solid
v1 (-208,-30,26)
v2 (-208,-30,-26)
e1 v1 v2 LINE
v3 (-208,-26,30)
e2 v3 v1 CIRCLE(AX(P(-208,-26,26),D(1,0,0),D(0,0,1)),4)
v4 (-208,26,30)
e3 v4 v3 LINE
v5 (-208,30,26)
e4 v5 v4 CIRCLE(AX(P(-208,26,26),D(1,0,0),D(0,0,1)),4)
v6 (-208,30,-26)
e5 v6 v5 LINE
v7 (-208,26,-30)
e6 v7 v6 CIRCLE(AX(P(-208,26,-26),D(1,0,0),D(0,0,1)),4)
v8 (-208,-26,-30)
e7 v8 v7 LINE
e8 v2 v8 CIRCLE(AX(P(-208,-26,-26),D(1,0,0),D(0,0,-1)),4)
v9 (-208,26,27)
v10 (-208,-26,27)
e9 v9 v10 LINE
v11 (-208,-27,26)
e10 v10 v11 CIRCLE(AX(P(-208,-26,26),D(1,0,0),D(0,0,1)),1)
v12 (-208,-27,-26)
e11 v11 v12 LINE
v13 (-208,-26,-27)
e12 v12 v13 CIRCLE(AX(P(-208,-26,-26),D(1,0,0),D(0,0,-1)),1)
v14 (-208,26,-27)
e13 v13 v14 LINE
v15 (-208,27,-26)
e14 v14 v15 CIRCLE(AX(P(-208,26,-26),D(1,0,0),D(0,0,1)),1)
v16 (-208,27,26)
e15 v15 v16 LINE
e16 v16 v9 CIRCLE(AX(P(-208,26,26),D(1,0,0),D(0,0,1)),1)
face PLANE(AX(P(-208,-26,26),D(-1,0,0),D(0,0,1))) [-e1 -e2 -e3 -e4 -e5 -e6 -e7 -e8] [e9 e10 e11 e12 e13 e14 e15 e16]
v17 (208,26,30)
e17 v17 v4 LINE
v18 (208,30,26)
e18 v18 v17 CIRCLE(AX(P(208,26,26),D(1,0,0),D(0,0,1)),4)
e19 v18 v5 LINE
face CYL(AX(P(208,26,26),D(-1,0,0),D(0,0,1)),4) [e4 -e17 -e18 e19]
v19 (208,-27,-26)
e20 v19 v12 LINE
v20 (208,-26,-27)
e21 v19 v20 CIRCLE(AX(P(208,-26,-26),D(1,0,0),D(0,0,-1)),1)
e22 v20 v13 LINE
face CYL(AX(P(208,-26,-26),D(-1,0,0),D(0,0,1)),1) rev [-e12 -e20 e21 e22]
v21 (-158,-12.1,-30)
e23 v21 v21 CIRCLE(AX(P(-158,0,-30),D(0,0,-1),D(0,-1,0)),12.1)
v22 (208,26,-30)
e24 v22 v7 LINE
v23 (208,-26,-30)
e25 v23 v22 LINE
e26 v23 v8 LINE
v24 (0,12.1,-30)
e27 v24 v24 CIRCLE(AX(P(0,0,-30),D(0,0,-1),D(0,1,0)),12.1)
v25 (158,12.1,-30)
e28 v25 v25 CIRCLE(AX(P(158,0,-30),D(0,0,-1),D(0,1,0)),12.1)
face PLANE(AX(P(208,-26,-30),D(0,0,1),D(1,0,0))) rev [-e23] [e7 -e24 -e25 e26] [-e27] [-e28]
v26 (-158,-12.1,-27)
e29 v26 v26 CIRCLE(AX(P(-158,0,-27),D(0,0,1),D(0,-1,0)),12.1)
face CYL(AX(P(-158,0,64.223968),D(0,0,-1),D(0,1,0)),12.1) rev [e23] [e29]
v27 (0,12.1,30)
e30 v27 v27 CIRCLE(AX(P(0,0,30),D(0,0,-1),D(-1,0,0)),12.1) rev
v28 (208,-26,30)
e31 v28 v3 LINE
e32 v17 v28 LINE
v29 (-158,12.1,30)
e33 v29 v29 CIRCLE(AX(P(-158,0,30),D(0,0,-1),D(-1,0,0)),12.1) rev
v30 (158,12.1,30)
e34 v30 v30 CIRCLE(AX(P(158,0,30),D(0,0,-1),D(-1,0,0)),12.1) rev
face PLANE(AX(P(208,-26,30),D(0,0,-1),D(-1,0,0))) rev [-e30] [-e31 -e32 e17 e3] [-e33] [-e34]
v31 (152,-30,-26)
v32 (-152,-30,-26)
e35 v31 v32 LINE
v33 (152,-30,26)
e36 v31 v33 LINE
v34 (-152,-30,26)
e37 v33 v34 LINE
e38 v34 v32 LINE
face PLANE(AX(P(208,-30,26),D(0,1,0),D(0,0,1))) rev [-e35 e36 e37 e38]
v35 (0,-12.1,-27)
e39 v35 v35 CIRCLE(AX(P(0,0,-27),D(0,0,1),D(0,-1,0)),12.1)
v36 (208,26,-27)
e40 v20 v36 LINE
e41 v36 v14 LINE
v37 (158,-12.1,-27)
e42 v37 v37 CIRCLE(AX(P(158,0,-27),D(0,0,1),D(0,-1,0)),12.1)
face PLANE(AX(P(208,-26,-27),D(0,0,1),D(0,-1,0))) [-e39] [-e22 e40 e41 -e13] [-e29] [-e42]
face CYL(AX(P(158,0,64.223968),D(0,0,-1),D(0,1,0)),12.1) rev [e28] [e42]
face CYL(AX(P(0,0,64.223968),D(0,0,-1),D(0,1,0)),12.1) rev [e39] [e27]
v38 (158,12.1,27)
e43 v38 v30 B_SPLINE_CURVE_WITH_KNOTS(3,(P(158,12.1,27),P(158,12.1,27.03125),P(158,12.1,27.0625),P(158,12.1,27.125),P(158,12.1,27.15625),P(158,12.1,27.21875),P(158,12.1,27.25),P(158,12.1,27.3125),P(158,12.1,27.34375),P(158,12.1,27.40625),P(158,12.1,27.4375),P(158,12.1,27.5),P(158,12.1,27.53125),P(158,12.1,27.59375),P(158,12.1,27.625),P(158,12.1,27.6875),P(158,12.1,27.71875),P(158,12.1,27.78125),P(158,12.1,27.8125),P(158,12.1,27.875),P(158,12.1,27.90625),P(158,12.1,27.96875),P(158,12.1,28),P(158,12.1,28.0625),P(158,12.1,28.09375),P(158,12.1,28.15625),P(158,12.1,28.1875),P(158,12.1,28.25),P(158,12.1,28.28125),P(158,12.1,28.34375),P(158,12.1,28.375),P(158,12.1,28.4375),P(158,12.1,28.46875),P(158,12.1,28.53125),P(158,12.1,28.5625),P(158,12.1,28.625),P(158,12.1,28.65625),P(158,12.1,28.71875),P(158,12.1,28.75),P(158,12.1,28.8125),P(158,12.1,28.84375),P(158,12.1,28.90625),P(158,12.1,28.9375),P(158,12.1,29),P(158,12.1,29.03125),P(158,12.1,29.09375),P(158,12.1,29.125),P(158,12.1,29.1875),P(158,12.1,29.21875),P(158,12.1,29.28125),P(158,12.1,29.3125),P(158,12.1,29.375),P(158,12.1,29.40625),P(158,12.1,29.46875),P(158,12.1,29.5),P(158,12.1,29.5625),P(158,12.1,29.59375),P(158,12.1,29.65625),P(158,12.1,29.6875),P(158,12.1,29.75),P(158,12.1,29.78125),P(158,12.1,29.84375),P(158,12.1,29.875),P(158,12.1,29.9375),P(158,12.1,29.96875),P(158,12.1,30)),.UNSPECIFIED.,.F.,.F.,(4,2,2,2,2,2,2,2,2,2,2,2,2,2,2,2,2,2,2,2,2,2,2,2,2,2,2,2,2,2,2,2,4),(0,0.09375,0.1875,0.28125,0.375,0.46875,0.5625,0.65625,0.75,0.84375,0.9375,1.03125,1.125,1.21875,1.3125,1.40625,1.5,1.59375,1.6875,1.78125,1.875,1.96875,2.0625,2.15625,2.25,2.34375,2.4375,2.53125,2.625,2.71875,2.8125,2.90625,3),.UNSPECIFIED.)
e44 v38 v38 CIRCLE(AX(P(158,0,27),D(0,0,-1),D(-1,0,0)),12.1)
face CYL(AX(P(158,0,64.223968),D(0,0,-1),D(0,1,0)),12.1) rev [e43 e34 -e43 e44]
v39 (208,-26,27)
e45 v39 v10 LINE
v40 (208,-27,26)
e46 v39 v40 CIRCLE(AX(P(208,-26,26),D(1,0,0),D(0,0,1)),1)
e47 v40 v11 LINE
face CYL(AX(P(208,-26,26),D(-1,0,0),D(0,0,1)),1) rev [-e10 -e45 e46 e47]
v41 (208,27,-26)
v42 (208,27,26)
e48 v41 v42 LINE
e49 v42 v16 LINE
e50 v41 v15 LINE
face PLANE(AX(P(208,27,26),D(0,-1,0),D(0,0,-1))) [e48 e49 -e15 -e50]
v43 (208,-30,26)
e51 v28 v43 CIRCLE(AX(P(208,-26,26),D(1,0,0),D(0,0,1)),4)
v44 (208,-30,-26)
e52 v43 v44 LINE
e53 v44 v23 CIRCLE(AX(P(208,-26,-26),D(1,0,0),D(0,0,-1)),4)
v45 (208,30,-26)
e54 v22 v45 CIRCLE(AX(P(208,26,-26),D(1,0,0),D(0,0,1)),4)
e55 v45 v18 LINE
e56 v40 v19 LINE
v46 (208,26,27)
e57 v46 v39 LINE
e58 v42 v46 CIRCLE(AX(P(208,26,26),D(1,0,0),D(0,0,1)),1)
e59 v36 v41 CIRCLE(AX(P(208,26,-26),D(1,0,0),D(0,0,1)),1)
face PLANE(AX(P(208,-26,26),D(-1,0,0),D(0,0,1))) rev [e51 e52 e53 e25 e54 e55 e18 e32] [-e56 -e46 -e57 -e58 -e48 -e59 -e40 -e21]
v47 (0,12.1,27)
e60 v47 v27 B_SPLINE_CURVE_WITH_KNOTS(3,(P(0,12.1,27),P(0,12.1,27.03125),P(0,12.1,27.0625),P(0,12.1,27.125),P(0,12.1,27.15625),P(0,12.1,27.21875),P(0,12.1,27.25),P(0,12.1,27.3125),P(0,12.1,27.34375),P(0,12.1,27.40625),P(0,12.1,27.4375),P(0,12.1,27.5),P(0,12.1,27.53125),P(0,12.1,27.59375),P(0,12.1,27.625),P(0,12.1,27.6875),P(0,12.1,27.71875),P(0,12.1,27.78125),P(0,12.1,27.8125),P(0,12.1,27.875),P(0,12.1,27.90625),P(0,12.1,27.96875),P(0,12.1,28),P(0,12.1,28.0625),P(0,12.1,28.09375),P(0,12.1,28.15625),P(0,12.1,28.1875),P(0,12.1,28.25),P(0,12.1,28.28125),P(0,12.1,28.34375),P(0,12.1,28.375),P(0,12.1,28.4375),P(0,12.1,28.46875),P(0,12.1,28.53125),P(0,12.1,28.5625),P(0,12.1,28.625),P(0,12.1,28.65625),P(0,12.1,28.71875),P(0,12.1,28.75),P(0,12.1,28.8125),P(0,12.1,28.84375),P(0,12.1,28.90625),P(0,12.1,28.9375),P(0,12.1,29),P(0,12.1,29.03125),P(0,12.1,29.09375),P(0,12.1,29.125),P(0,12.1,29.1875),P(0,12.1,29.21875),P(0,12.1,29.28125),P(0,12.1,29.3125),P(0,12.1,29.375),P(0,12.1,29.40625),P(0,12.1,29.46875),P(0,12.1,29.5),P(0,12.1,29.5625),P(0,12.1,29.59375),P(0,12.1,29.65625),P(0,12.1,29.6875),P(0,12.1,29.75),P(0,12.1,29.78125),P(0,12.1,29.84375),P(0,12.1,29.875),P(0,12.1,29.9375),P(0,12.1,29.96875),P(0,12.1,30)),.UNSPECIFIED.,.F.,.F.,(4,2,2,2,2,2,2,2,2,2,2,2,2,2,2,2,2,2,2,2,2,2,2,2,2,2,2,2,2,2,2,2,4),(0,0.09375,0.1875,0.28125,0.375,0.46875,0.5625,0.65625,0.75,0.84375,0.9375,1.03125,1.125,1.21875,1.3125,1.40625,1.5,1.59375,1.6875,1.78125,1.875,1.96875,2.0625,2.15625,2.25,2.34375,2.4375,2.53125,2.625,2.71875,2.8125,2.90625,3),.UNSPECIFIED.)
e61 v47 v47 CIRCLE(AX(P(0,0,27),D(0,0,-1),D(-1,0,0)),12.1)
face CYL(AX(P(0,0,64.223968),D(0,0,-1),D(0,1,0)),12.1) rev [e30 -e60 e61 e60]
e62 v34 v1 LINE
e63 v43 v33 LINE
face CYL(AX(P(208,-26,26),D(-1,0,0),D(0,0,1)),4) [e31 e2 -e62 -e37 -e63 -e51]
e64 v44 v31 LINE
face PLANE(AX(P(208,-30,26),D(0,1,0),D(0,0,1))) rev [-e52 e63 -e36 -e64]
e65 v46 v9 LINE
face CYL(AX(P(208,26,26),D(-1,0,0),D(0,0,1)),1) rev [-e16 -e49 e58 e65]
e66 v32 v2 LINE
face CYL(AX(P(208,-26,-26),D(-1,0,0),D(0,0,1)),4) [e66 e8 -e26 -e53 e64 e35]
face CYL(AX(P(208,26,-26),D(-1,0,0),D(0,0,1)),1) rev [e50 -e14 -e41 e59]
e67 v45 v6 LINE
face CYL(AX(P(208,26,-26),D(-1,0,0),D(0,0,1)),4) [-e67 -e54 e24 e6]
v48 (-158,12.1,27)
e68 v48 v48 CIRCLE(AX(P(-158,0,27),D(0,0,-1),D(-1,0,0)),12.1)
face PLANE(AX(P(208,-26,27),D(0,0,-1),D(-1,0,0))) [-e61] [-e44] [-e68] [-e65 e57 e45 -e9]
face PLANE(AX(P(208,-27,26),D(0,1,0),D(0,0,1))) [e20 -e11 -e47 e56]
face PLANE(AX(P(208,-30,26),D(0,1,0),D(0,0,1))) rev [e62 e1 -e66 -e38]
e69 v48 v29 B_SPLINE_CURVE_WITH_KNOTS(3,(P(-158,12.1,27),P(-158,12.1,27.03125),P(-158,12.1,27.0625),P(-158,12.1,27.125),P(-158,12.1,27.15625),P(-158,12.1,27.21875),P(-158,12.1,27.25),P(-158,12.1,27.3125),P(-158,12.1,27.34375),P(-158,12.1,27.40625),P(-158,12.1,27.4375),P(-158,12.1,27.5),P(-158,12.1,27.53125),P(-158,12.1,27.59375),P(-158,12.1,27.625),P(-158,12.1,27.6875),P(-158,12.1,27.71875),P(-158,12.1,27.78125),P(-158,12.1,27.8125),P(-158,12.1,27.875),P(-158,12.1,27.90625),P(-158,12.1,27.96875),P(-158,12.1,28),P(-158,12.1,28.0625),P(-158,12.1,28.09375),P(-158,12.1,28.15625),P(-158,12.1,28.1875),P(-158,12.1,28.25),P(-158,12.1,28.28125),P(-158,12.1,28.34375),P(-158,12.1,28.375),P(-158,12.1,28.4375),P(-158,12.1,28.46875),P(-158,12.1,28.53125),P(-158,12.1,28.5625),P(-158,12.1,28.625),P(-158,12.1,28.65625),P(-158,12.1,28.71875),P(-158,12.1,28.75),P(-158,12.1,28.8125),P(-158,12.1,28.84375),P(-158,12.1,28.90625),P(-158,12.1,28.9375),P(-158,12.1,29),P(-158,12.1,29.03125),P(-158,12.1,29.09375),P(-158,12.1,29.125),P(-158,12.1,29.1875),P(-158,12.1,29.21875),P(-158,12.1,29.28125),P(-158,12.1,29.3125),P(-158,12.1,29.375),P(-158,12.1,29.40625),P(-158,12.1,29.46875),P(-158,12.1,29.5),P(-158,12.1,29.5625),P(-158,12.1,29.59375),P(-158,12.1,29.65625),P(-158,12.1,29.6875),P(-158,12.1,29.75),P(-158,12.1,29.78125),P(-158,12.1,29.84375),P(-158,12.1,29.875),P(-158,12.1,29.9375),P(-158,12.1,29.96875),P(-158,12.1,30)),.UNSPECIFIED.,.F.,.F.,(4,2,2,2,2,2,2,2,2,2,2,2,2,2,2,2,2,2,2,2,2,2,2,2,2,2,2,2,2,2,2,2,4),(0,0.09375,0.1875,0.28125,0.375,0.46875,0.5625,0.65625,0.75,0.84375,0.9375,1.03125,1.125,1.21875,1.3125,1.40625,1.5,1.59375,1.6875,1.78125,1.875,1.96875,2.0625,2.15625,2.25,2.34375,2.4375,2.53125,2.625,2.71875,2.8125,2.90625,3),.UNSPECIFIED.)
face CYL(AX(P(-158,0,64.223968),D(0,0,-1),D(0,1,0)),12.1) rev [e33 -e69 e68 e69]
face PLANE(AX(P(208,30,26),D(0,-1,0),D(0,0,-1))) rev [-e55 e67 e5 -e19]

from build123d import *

# Parameters (mm, degrees)
EXTRUDE_1_DEPTH     = 208
CUT_EXTRUDE_5_REACH = 220.55
SKETCH_10_R         = 12.1


with BuildPart() as part:
    # Эскиз1 → Бобышка-Вытянуть1 (new, symmetric)
    with BuildSketch(Plane(origin=(0, 0, 0), x_dir=(0, 0, -1), z_dir=(1, 0, 0))):
        with BuildLine():
            Line((-26, -30), (26, -30))
            ThreePointArc((26, -30), (28.828427125, -28.828427125), (30, -26))
            Line((30, -26), (30, 26))
            ThreePointArc((30, 26), (28.828427125, 28.828427125), (26, 30))
            Line((26, 30), (-26, 30))
            ThreePointArc((-26, 30), (-28.828427125, 28.828427125), (-30, 26))
            Line((-30, 26), (-30, -26))
            ThreePointArc((-30, -26), (-28.828427125, -28.828427125), (-26, -30))
        make_face()
        with BuildLine():
            Line((-26, 27), (26, 27))
            ThreePointArc((26, 27), (26.707106781, 26.707106781), (27, 26))
            Line((27, 26), (27, -26))
            ThreePointArc((27, -26), (26.707106781, -26.707106781), (26, -27))
            Line((26, -27), (-26, -27))
            ThreePointArc((-26, -27), (-26.707106781, -26.707106781), (-27, -26))
            Line((-27, -26), (-27, 26))
            ThreePointArc((-27, 26), (-26.707106781, 26.707106781), (-26, 27))
        make_face(mode=Mode.SUBTRACT)
    extrude(amount=EXTRUDE_1_DEPTH, both=True)

    # Вырез-Вытянуть5: up to this face of the body (flat: up to its plane)
    cut_extrude_5_end = Plane(part.part.faces().sort_by_distance((0, 0, 30))[0])
    # Эскиз10 → Вырез-Вытянуть5 (cut, up to the picked face)
    with BuildSketch(Plane(origin=(0, 0, -30), x_dir=(-1, 0, 0), z_dir=(0, 0, -1)), mode=Mode.PRIVATE) as cut_extrude_5_sk1:
        with Locations(Location((-158, 0, 0), (0, 0, 90))):
            Circle(SKETCH_10_R)
    cut_extrude_5_tool1 = split(extrude(cut_extrude_5_sk1.sketch, amount=-CUT_EXTRUDE_5_REACH, mode=Mode.PRIVATE), bisect_by=cut_extrude_5_end, keep=Keep.BOTH, mode=Mode.PRIVATE)
    # Эскиз10 → Вырез-Вытянуть5 (cut, up to the picked face)
    with BuildSketch(Plane(origin=(0, 0, -30), x_dir=(-1, 0, 0), z_dir=(0, 0, -1)), mode=Mode.PRIVATE) as cut_extrude_5_sk2:
        with Locations(Location((158, 0, 0), (0, 0, 270))):
            Circle(SKETCH_10_R)
    cut_extrude_5_tool2 = split(extrude(cut_extrude_5_sk2.sketch, amount=-CUT_EXTRUDE_5_REACH, mode=Mode.PRIVATE), bisect_by=cut_extrude_5_end, keep=Keep.BOTH, mode=Mode.PRIVATE)
    # Эскиз10 → Вырез-Вытянуть5 (cut, up to the picked face)
    with BuildSketch(Plane(origin=(0, 0, -30), x_dir=(-1, 0, 0), z_dir=(0, 0, -1)), mode=Mode.PRIVATE) as cut_extrude_5_sk3:
        with Locations(Location((0, 0, 0), (0, 0, 90))):
            Circle(SKETCH_10_R)
    cut_extrude_5_tool3 = split(extrude(cut_extrude_5_sk3.sketch, amount=-CUT_EXTRUDE_5_REACH, mode=Mode.PRIVATE), bisect_by=cut_extrude_5_end, keep=Keep.BOTH, mode=Mode.PRIVATE)
    add(cut_extrude_5_tool1.solids().sort_by(Axis((158, 0, -30), (0, 0, 1)))[0], mode=Mode.SUBTRACT)
    add(cut_extrude_5_tool2.solids().sort_by(Axis((-158, 0, -30), (0, 0, 1)))[0], mode=Mode.SUBTRACT)
    add(cut_extrude_5_tool3.solids().sort_by(Axis((0, 0, -30), (0, 0, 1)))[0], mode=Mode.SUBTRACT)


solid = part.part
